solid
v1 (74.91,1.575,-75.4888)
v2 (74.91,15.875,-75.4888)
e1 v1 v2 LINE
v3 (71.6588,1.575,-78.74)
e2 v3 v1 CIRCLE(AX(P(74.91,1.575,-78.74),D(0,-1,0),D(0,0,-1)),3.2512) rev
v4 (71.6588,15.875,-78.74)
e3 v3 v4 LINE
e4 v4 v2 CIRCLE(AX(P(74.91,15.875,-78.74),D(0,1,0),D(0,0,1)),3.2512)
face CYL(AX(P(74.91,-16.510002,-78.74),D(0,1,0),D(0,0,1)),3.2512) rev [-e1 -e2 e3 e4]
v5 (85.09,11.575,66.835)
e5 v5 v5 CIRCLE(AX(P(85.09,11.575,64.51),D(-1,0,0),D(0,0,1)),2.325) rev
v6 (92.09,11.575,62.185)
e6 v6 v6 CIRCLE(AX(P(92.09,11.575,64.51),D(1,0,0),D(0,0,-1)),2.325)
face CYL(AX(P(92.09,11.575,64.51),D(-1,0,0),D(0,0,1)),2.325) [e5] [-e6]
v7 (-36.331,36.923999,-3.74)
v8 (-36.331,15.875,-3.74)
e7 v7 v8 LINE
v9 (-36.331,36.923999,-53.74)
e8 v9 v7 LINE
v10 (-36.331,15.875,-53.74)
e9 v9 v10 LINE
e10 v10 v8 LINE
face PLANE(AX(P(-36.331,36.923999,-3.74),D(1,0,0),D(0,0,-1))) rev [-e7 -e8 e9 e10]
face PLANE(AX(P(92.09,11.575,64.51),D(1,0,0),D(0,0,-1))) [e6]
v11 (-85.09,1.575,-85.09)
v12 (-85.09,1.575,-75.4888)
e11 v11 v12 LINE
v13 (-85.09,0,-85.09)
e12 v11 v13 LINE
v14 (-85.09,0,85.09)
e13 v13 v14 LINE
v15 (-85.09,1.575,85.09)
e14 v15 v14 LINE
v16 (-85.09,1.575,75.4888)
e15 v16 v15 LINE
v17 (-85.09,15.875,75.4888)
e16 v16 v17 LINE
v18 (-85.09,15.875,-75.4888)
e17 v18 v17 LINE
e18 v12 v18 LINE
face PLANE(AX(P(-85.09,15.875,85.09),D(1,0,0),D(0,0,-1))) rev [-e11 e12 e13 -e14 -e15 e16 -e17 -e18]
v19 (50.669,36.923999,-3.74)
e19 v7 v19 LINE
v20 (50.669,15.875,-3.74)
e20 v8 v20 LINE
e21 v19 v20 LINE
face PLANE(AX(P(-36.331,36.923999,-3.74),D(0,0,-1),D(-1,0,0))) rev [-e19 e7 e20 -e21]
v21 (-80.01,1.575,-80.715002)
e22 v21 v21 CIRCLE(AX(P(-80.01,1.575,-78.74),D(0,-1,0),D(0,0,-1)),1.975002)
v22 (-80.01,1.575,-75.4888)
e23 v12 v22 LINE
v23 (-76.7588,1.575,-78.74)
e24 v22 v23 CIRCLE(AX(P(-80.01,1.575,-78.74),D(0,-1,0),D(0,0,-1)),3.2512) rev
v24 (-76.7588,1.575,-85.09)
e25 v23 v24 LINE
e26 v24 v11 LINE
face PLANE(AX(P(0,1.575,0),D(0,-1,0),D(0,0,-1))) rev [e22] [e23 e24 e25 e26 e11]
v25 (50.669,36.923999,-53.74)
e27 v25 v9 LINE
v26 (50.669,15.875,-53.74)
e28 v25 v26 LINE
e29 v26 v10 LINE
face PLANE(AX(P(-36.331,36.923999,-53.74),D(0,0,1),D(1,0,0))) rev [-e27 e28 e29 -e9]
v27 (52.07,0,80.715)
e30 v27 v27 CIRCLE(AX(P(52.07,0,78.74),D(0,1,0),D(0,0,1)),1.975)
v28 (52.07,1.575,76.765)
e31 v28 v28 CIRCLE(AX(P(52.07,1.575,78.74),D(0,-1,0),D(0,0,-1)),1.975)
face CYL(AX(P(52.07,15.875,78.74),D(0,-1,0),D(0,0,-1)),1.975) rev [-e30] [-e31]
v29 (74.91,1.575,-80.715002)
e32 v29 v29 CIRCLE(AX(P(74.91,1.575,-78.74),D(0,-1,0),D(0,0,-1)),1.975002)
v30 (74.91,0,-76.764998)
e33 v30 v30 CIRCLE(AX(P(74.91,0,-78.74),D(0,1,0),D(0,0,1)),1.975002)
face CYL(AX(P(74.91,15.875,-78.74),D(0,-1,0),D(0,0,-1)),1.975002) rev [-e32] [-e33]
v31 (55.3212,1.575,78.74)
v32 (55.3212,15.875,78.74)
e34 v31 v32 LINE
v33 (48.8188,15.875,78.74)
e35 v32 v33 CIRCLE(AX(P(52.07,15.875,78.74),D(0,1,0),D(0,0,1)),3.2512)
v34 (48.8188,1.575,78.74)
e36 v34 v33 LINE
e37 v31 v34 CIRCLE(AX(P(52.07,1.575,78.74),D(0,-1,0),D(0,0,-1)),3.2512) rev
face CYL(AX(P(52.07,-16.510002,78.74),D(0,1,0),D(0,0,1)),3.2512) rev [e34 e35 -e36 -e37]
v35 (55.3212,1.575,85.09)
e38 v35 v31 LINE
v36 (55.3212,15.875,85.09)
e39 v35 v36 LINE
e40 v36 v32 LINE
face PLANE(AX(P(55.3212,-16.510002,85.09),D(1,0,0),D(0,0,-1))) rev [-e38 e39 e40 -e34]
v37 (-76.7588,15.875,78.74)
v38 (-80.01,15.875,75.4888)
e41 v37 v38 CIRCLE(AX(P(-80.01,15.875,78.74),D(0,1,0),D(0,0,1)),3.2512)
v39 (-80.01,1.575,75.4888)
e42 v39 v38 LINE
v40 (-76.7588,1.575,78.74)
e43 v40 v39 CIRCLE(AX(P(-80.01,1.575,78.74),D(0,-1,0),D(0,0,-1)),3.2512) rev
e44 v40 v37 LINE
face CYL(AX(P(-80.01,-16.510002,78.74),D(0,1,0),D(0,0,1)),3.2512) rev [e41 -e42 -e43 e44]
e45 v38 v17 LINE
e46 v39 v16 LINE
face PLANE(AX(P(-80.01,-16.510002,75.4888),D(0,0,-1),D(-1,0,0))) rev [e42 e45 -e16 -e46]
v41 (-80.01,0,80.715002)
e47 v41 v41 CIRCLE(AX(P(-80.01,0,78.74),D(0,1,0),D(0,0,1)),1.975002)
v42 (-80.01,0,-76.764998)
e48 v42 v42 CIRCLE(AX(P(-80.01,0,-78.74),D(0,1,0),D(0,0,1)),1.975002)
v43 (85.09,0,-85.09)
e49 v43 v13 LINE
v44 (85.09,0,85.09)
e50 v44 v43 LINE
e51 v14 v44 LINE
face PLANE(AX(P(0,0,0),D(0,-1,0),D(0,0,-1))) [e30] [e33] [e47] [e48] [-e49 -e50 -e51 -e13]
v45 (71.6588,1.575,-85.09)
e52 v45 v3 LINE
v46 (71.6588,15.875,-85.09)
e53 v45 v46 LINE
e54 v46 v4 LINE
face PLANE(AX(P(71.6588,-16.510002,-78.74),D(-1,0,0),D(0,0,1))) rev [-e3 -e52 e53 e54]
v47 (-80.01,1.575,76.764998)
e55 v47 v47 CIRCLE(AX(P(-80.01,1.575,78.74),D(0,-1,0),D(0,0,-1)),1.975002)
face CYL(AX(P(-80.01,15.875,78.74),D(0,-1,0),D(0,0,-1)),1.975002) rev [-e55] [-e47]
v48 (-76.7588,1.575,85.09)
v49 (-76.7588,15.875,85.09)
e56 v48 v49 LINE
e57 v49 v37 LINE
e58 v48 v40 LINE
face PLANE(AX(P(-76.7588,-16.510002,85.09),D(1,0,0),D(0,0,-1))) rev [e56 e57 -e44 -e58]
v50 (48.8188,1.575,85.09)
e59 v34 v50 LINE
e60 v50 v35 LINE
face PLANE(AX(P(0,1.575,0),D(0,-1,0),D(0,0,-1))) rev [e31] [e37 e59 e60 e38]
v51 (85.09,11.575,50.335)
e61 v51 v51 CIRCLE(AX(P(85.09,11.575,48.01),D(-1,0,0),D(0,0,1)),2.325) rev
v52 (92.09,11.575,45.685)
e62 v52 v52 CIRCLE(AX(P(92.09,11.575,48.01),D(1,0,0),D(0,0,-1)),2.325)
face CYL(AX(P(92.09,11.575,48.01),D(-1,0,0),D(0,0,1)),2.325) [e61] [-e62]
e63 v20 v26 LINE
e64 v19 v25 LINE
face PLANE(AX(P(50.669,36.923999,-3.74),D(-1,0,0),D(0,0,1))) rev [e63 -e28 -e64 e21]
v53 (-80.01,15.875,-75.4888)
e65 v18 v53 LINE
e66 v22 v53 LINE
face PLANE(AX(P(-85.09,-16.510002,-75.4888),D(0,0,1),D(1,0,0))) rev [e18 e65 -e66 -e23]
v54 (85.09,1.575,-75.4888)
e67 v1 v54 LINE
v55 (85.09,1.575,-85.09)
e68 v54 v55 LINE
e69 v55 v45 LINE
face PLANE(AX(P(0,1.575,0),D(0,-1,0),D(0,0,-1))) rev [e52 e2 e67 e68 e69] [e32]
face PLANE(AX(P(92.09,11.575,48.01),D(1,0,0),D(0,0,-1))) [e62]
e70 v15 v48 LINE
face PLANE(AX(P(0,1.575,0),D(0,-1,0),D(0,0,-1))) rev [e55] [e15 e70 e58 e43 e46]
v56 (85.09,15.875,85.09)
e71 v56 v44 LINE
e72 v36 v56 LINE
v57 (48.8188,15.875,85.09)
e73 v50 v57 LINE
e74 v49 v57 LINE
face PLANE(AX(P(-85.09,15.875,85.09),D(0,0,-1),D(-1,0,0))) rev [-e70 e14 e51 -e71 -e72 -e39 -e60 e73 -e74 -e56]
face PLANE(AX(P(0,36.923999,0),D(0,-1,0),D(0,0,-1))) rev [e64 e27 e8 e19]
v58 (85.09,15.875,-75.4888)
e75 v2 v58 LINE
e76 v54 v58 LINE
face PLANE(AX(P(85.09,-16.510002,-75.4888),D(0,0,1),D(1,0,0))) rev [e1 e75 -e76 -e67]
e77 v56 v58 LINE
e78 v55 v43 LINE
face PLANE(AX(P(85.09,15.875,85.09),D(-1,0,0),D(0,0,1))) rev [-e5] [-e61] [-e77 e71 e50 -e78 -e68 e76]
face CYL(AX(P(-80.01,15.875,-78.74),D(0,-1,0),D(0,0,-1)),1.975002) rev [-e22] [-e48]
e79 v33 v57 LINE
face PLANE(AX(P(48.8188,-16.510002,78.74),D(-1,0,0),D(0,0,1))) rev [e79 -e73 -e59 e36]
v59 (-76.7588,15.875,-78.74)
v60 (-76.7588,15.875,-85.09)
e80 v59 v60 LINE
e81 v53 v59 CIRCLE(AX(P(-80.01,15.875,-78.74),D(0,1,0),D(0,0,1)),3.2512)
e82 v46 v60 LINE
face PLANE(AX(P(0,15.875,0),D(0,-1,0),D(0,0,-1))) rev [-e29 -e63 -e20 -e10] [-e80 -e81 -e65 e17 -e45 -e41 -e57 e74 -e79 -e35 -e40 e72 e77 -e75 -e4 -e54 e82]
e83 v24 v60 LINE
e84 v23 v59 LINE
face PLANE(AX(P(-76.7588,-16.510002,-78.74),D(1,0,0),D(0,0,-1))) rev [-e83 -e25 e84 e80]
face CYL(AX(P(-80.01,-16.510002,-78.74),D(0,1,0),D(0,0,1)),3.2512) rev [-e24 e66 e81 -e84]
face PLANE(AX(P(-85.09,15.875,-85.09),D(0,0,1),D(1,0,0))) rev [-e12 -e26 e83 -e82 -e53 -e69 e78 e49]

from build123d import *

# Parameters (mm, degrees)
SKETCH1_W           = 170.18
SKETCH1_H           = 170.18
SKETCH1_R           = 1.9750024
SKETCH1_R_2         = 1.974999987
BOSS_EXTRUDE1_DEPTH = 15.875
CUT_EXTRUDE1_DEPTH  = 14.300000102
SKETCH4_W           = 86.99999999
SKETCH4_H           = 50.000000076
BOSS_EXTRUDE2_DEPTH = 21.048998796
SKETCH5_R           = 2.325000049
BOSS_EXTRUDE3_DEPTH = 6.99999997


with BuildPart() as part:
    # Sketch1 → Boss-Extrude1 (new body)
    with BuildSketch(Plane(origin=(0, 0, 0), x_dir=(1, 0, 0), z_dir=(0, 1, 0))):
        Rectangle(SKETCH1_W, SKETCH1_H)
        with Locations(Location((-80.01, 78.74, 0), (0, 0, 270))):
            Circle(SKETCH1_R, mode=Mode.SUBTRACT)
        with Locations(Location((74.91000004, 78.74, 0), (0, 0, 270))):
            Circle(SKETCH1_R, mode=Mode.SUBTRACT)
        with Locations(Location((-80.01, -78.74, 0), (0, 0, 270))):
            Circle(SKETCH1_R, mode=Mode.SUBTRACT)
        with Locations(Location((52.07, -78.74, 0), (0, 0, 270))):
            Circle(SKETCH1_R_2, mode=Mode.SUBTRACT)
    extrude(amount=BOSS_EXTRUDE1_DEPTH)

    # Sketch3 → Cut-Extrude1 (cut)
    with BuildSketch(Plane(origin=(0, 15.875, 0), x_dir=(1, 0, 0), z_dir=(0, 1, 0))):
        with BuildLine():
            Line((-76.7588, 78.74), (-76.7588, 85.09))
            Line((-76.7588, 85.09), (-85.09, 85.09))
            Line((-85.09, 85.09), (-85.09, 75.4888))
            Line((-85.09, 75.4888), (-80.01, 75.4888))
            ThreePointArc((-80.01, 75.4888), (-77.711054433, 76.441054433), (-76.7588, 78.74))
        make_face()
        with BuildLine():
            Line((71.65880004, 78.74), (71.65880004, 85.09))
            Line((71.65880004, 85.09), (85.09, 85.09))
            Line((85.09, 85.09), (85.09, 75.4888))
            Line((85.09, 75.4888), (74.91000004, 75.4888))
            ThreePointArc((74.91000004, 75.4888), (72.611054473, 76.441054433), (71.65880004, 78.74))
        make_face()
        with BuildLine():
            Line((48.8188, -78.74), (48.8188, -85.09))
            Line((48.8188, -85.09), (55.3212, -85.09))
            Line((55.3212, -85.09), (55.3212, -78.74))
            ThreePointArc((55.3212, -78.74), (52.07, -75.4888), (48.8188, -78.74))
        make_face()
        with BuildLine():
            Line((-80.01, -75.4888), (-85.09, -75.4888))
            Line((-85.09, -75.4888), (-85.09, -85.09))
            Line((-85.09, -85.09), (-76.7588, -85.09))
            Line((-76.7588, -85.09), (-76.7588, -78.74))
            ThreePointArc((-76.7588, -78.74), (-77.711054433, -76.441054433), (-80.01, -75.4888))
        make_face()
    extrude(amount=-CUT_EXTRUDE1_DEPTH, mode=Mode.SUBTRACT)

    # Sketch4 → Boss-Extrude2 (add)
    with BuildSketch(Plane(origin=(0, 15.875, 0), x_dir=(1, 0, 0), z_dir=(0, 1, 0))):
        with Locations((7.169000013, 28.739999924)):
            Rectangle(SKETCH4_W, SKETCH4_H)
    extrude(amount=BOSS_EXTRUDE2_DEPTH)

    # Sketch5 → Boss-Extrude3 (add)
    with BuildSketch(Plane(origin=(85.09, 0, 0), x_dir=(0, 0, -1), z_dir=(1, 0, 0))):
        with Locations(Location((-64.510000012, 11.574999964, 0), (0, 0, 180))):
            Circle(SKETCH5_R)
        with Locations(Location((-48.009999992, 11.574999964, 0), (0, 0, 180))):
            Circle(SKETCH5_R)
    extrude(amount=BOSS_EXTRUDE3_DEPTH)


solid = part.part
